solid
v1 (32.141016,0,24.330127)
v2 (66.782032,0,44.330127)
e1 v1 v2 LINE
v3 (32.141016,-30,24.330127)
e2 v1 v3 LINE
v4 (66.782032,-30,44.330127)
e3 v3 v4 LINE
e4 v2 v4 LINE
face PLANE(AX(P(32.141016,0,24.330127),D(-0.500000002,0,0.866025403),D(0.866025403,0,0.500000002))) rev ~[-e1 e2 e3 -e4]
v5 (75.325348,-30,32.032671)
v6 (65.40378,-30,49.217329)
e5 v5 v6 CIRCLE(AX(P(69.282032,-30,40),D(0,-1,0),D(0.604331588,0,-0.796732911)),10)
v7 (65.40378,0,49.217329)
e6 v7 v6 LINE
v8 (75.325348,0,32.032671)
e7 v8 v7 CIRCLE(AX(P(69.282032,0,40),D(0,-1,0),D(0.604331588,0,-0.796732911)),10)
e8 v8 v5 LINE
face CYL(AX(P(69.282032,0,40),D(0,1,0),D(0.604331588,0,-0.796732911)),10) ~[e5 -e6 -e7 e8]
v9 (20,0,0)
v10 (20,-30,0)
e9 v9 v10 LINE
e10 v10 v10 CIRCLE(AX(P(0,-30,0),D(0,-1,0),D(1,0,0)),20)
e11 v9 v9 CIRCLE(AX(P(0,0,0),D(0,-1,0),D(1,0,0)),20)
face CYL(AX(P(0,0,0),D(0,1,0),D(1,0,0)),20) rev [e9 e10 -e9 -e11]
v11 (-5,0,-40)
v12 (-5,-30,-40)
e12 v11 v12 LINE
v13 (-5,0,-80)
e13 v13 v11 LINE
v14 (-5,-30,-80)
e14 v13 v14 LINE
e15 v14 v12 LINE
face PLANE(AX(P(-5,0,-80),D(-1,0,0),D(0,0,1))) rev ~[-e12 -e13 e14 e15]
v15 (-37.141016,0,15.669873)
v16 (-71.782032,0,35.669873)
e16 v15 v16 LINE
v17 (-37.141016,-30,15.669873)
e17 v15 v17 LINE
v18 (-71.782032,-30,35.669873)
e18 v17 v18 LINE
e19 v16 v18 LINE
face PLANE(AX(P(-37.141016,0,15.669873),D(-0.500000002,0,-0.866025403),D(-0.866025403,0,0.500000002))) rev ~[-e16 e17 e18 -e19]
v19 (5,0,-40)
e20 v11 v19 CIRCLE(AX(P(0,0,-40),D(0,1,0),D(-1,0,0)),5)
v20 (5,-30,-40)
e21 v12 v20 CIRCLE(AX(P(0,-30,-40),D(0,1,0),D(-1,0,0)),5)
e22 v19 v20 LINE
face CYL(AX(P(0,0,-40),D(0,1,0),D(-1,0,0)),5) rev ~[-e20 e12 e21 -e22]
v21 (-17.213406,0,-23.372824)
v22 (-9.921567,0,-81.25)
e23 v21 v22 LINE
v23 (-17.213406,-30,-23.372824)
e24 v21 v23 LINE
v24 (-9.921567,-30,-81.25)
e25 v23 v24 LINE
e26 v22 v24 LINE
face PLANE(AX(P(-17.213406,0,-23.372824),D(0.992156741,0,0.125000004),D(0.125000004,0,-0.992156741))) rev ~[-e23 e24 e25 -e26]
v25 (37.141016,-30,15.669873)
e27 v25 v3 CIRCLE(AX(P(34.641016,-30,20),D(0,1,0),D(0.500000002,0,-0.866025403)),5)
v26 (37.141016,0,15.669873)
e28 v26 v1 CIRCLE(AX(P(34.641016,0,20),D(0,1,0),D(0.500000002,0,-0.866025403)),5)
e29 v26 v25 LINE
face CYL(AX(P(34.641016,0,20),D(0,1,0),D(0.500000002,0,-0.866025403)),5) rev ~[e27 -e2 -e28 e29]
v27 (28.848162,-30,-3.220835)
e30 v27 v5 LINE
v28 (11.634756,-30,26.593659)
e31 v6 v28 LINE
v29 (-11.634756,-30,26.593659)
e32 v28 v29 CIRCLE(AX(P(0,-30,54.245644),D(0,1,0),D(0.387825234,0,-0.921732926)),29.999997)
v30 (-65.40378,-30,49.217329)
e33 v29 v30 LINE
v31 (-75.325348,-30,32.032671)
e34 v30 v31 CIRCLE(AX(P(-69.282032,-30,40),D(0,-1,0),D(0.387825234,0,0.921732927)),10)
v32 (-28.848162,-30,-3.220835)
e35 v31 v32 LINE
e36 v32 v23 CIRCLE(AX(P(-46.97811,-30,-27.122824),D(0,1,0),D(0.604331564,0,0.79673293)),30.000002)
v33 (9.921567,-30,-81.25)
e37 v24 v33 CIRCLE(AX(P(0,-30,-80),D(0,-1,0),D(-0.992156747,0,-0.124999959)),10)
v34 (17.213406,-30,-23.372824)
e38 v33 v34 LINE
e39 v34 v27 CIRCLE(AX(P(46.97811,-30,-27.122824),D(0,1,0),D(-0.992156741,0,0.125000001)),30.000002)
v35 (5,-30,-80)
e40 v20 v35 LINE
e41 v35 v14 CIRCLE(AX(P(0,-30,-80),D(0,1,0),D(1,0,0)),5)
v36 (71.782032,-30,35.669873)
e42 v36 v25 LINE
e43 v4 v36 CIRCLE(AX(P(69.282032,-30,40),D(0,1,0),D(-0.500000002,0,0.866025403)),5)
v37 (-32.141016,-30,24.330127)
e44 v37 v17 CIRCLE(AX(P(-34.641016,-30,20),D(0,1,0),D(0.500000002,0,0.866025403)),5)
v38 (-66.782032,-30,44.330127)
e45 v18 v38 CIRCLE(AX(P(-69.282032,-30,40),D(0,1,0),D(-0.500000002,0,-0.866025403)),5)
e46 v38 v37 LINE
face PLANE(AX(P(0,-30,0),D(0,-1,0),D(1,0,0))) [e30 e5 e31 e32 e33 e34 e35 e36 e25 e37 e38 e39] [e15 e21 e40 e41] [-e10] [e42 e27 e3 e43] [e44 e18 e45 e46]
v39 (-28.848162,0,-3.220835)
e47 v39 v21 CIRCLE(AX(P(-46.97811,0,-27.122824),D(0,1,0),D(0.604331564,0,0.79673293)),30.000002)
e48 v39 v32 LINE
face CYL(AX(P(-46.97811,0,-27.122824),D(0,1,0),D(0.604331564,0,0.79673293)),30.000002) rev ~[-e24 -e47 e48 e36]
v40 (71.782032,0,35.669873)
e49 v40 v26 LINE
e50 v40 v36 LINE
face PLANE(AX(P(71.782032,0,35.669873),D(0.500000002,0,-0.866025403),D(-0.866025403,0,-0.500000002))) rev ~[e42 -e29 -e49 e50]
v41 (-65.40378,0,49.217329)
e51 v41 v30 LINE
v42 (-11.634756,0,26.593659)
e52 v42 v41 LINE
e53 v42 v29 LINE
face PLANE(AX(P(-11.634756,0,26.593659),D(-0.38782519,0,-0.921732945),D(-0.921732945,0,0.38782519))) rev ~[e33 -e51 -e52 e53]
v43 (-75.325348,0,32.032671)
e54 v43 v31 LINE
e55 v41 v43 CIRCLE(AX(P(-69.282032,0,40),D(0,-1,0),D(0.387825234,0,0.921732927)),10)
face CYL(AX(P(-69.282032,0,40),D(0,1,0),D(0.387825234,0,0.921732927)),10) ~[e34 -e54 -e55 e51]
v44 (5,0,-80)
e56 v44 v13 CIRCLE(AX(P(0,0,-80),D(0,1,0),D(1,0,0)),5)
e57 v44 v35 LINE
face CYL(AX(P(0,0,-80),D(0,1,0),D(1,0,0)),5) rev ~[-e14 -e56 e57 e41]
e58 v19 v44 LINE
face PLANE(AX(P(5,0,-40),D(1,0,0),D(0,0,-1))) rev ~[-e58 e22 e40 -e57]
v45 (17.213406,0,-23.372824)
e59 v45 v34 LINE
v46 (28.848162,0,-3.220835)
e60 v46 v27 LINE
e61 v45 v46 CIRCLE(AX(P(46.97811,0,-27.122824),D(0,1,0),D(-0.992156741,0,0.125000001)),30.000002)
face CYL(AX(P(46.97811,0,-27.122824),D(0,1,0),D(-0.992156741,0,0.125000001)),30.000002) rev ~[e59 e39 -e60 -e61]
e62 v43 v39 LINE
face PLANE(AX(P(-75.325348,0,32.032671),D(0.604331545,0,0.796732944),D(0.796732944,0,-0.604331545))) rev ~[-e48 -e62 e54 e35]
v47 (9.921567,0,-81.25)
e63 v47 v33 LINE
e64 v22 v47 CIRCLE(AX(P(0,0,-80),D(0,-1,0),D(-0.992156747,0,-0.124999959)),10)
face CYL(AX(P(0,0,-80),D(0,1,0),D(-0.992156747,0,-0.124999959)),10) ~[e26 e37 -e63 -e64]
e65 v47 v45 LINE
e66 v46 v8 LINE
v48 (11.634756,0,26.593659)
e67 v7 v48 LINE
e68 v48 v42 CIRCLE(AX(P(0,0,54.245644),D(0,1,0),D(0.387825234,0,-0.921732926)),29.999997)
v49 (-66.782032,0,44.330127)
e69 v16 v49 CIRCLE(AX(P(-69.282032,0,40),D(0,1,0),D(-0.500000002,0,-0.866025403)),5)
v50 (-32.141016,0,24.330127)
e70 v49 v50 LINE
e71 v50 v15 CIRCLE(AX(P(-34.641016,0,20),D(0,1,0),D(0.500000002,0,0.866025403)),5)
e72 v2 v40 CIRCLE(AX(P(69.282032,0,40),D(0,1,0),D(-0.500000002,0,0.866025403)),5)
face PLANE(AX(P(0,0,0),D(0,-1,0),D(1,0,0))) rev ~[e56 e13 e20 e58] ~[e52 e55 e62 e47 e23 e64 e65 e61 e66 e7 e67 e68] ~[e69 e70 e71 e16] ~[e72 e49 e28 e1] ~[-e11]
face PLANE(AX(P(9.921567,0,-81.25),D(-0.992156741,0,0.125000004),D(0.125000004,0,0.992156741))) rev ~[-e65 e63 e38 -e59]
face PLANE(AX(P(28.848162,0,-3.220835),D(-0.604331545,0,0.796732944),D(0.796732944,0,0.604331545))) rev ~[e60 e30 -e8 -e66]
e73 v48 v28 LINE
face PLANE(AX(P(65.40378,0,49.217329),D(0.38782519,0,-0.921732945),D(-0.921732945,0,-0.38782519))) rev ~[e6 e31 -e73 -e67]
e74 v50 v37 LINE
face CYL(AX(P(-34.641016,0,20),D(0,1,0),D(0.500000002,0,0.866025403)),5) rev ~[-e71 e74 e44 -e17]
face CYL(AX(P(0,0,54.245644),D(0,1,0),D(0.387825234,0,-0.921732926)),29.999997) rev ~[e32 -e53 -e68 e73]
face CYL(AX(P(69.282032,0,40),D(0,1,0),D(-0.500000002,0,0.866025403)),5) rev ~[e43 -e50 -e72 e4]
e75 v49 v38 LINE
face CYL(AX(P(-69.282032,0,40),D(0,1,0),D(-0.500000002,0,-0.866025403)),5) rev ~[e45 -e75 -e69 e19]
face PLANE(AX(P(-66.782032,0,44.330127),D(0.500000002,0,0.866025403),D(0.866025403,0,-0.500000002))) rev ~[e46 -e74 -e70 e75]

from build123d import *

# Parameters (mm, degrees)
F0_R     = 20
F1_DEPTH = 30


with BuildPart() as f1:
    # F0 (on Front) → F1 (new body)
    with BuildSketch(Plane.XZ):
        with BuildLine():
            Line((-11.634756, 26.593659), (-65.40378, 49.217329))
            ThreePointArc((-65.40378, 49.217329), (-77.942286, 45), (-75.325348, 32.032671))
            Line((-75.325348, 32.032671), (-28.848162, -3.220835))
            ThreePointArc((-28.848162, -3.220835), (-20.997346, -12.122824), (-17.213406, -23.372824))
            Line((-17.213406, -23.372824), (-9.921567, -81.25))
            ThreePointArc((-9.921567, -81.25), (0, -90), (9.921567, -81.25))
            Line((9.921567, -81.25), (17.213406, -23.372824))
            ThreePointArc((17.213406, -23.372824), (20.997346, -12.122824), (28.848162, -3.220835))
            Line((28.848162, -3.220835), (75.325348, 32.032671))
            ThreePointArc((75.325348, 32.032671), (77.942286, 45), (65.40378, 49.217329))
            Line((65.40378, 49.217329), (11.634756, 26.593659))
            ThreePointArc((11.634756, 26.593659), (0, 24.245647), (-11.634756, 26.593659))
        make_face()
        with BuildLine():
            ThreePointArc((5, -80), (0, -85), (-5, -80))
            Line((-5, -80), (-5, -40))
            ThreePointArc((-5, -40), (0, -35), (5, -40))
            Line((5, -40), (5, -80))
        make_face(mode=Mode.SUBTRACT)
        with BuildLine():
            ThreePointArc((-71.782032, 35.669873), (-73.612159, 42.5), (-66.782032, 44.330127))
            Line((-66.782032, 44.330127), (-32.141016, 24.330127))
            ThreePointArc((-32.141016, 24.330127), (-30.310889, 17.5), (-37.141016, 15.669873))
            Line((-37.141016, 15.669873), (-71.782032, 35.669873))
        make_face(mode=Mode.SUBTRACT)
        Circle(F0_R, mode=Mode.SUBTRACT)
        with BuildLine():
            ThreePointArc((66.782032, 44.330127), (73.612159, 42.5), (71.782032, 35.669873))
            Line((71.782032, 35.669873), (37.141016, 15.669873))
            ThreePointArc((37.141016, 15.669873), (30.310889, 17.5), (32.141016, 24.330127))
            Line((32.141016, 24.330127), (66.782032, 44.330127))
        make_face(mode=Mode.SUBTRACT)
    extrude(amount=F1_DEPTH)


solid = f1.part
